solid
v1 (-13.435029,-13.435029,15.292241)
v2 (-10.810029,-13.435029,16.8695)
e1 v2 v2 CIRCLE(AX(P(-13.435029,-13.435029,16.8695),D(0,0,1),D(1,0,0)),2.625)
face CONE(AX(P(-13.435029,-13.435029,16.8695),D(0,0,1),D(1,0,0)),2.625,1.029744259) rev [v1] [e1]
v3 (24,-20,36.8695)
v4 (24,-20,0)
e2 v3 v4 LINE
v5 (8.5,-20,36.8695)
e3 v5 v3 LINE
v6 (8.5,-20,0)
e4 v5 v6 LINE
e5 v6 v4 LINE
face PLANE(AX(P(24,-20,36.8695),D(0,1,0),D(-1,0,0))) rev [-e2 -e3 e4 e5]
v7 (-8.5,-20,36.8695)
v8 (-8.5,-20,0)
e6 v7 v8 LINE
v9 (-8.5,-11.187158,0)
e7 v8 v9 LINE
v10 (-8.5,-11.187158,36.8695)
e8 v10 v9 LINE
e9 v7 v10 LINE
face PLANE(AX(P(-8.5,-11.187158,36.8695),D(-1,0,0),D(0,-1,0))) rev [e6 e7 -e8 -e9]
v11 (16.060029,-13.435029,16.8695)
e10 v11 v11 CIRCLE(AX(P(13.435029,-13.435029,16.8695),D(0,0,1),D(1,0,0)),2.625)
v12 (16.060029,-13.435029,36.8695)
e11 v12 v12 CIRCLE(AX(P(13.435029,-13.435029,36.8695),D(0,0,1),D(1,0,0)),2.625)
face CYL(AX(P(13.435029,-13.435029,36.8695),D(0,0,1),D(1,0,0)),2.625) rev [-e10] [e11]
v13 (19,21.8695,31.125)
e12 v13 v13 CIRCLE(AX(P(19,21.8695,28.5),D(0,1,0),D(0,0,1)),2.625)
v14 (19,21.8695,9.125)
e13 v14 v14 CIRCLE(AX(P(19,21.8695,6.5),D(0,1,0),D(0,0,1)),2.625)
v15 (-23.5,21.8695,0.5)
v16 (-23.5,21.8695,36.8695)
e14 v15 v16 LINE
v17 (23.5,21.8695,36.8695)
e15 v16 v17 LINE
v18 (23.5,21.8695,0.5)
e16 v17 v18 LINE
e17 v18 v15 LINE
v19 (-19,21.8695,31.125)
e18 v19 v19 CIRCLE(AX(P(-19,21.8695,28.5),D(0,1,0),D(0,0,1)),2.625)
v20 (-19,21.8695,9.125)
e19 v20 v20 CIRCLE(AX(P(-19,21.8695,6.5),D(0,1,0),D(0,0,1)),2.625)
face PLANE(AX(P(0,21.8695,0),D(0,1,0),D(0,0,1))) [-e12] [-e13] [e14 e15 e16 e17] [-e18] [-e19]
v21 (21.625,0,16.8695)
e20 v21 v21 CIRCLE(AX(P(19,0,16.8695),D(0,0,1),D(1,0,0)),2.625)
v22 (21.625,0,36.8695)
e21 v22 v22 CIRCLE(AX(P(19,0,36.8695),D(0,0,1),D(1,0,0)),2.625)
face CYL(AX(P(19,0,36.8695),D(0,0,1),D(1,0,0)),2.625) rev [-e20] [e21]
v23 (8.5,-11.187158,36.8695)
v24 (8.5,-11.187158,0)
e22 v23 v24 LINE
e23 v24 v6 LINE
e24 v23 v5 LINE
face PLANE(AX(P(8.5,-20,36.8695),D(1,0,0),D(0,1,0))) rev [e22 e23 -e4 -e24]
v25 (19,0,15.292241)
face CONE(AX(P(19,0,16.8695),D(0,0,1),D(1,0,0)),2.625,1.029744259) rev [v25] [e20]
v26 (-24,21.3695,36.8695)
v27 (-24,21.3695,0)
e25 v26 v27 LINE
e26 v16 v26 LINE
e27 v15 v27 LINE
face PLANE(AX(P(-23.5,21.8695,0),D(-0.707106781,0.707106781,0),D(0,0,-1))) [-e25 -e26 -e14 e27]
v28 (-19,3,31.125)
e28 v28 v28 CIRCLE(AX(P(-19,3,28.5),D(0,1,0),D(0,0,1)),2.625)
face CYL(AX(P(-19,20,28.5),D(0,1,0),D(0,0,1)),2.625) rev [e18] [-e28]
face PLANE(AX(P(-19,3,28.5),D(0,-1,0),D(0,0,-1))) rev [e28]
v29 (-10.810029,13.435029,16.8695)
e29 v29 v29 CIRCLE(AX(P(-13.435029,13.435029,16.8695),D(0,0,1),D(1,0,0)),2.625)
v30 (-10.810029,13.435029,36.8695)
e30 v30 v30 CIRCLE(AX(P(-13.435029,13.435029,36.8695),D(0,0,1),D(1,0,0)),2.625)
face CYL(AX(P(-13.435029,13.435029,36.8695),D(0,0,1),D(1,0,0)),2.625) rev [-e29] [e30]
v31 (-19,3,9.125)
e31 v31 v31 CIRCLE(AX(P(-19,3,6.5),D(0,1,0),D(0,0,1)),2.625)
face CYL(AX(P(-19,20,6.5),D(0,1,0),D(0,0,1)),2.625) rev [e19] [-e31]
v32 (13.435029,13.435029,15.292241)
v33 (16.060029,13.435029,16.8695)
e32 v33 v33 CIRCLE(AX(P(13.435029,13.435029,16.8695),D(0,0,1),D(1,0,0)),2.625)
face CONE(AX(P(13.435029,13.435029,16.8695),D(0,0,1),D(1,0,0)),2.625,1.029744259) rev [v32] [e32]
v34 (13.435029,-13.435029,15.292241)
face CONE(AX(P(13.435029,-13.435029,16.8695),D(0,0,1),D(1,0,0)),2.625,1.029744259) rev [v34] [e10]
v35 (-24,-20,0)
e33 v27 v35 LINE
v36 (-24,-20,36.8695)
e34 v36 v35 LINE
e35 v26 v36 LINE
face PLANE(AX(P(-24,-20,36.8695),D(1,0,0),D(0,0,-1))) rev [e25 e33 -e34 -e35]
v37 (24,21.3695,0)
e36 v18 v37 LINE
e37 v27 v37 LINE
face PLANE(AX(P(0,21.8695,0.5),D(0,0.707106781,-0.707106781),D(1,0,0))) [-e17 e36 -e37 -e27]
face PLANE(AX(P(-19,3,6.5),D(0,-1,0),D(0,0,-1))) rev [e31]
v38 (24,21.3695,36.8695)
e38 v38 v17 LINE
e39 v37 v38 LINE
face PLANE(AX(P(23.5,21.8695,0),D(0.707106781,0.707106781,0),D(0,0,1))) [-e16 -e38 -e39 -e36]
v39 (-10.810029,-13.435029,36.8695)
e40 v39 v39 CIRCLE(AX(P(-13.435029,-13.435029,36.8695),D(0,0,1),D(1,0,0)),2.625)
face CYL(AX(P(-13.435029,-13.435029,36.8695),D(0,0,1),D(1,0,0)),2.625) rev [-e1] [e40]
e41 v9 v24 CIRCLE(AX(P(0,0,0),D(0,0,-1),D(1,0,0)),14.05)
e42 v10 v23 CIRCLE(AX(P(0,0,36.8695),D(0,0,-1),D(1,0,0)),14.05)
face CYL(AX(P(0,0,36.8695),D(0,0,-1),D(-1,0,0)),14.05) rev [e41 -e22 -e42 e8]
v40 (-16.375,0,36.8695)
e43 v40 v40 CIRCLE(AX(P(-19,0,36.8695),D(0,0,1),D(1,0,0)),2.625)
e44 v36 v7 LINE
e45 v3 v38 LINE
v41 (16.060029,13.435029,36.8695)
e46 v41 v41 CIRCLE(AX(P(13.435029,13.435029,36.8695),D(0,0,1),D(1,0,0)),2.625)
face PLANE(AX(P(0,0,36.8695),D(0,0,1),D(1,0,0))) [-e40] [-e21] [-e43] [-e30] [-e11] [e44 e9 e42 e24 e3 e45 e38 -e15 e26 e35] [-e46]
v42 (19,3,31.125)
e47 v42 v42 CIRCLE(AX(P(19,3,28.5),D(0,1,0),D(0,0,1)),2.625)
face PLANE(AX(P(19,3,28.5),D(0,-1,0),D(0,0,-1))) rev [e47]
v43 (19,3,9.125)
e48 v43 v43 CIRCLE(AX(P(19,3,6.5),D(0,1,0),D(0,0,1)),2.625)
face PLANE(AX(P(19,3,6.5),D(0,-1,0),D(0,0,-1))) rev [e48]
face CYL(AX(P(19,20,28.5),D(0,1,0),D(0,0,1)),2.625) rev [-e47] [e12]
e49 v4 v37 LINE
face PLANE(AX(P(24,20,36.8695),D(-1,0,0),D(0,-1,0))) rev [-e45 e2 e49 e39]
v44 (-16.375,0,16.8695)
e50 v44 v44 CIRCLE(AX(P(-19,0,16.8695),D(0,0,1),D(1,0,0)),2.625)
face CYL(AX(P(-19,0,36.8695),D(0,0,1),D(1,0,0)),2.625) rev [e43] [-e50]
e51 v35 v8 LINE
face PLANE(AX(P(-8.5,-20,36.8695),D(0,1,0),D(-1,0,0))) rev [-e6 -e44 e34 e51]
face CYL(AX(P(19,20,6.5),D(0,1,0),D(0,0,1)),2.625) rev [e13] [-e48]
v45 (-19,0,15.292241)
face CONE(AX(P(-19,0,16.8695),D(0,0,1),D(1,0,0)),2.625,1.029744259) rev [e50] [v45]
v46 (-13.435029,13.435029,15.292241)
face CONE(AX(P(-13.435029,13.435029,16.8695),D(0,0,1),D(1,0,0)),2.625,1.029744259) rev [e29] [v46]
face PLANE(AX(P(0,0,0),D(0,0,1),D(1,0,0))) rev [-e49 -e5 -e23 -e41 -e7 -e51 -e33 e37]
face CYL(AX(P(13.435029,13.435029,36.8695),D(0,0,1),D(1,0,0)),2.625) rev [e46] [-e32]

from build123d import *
from build123d.topology import SkipClean

# Parameters (mm, degrees)
EXTRUSION1_DEPTH = 36.869499995
THREAD6_D        = 5.25
THREAD6_DEPTH    = 20
THREAD6_TIP      = 1.577259125
THREAD10_D       = 5.25
THREAD10_DEPTH   = 17
SKETCH6_W        = 48
SKETCH6_H        = 36.869499995
SKETCH6_R        = 2.625
EXTRUSION2_DEPTH = 1.869499995
CHAMFER2_SIZE    = 0.5


with BuildPart() as part:
    # Sketch1 → Extrusion1 (new body)
    with BuildSketch(Plane.XY):
        with BuildLine():
            Line((-24, 20), (24, 20))
            Line((24, 20), (24, -20))
            Line((24, -20), (8.5, -20))
            Line((8.5, -20), (8.5, -11.187157816))
            ThreePointArc((8.5, -11.187157816), (0, 14.05), (-8.5, -11.187157816))
            Line((-8.5, -11.187157816), (-8.5, -20))
            Line((-8.5, -20), (-24, -20))
            Line((-24, -20), (-24, 20))
        make_face()
    extrude(amount=EXTRUSION1_DEPTH)

    # Thread6
    with Locations(Plane.XY.offset(36.869499995)):
        with Locations((-19, 0), (-13.435028843, -13.435028843), (-13.435028843, 13.435028843), (13.435028843, 13.435028843), (19, 0), (13.435028843, -13.435028843)):
            Hole(THREAD6_D / 2, depth=THREAD6_DEPTH)
            with Locations((0, 0, -(THREAD6_DEPTH + THREAD6_TIP / 2))):  # 118° drill point
                Cone(0, THREAD6_D / 2, THREAD6_TIP, mode=Mode.SUBTRACT)

    # Thread10
    with Locations(Plane(origin=(0, 20, 0), x_dir=(1, 0, 0), z_dir=(0, 1, 0))):
        with Locations((-19, -6.5), (19, -6.5), (-19, -28.5), (19, -28.5)):
            Hole(THREAD10_D / 2, depth=THREAD10_DEPTH)

    # Sketch6 → Extrusion2 (add)
    with SkipClean():  # the faces are left unmerged after this step: merging them gives an invalid solid
        with BuildSketch(Plane(origin=(0, 20, 0), x_dir=(-1, 0, 0), z_dir=(0, 1, 0))):
            with Locations((0, 18.434749998)):
                Rectangle(SKETCH6_W, SKETCH6_H)
            with Locations(Location((19, 28.5, 0), (0, 0, 90))):
                Circle(SKETCH6_R, mode=Mode.SUBTRACT)
            with Locations(Location((19, 6.5, 0), (0, 0, 90))):
                Circle(SKETCH6_R, mode=Mode.SUBTRACT)
            with Locations(Location((-19, 6.5, 0), (0, 0, 90))):
                Circle(SKETCH6_R, mode=Mode.SUBTRACT)
            with Locations(Location((-19, 28.5, 0), (0, 0, 90))):
                Circle(SKETCH6_R, mode=Mode.SUBTRACT)
        extrude(amount=EXTRUSION2_DEPTH)

    # Chamfer2
    chamfer2_edges = [part.edges().sort_by_distance(p)[0] for p in [
        (24, 21.869499995, 18.434749997),
        (0, 21.869499995, 0),
        (-24, 21.869499995, 18.434749997),
    ]]
    chamfer(chamfer2_edges, length=CHAMFER2_SIZE)


solid = part.part
